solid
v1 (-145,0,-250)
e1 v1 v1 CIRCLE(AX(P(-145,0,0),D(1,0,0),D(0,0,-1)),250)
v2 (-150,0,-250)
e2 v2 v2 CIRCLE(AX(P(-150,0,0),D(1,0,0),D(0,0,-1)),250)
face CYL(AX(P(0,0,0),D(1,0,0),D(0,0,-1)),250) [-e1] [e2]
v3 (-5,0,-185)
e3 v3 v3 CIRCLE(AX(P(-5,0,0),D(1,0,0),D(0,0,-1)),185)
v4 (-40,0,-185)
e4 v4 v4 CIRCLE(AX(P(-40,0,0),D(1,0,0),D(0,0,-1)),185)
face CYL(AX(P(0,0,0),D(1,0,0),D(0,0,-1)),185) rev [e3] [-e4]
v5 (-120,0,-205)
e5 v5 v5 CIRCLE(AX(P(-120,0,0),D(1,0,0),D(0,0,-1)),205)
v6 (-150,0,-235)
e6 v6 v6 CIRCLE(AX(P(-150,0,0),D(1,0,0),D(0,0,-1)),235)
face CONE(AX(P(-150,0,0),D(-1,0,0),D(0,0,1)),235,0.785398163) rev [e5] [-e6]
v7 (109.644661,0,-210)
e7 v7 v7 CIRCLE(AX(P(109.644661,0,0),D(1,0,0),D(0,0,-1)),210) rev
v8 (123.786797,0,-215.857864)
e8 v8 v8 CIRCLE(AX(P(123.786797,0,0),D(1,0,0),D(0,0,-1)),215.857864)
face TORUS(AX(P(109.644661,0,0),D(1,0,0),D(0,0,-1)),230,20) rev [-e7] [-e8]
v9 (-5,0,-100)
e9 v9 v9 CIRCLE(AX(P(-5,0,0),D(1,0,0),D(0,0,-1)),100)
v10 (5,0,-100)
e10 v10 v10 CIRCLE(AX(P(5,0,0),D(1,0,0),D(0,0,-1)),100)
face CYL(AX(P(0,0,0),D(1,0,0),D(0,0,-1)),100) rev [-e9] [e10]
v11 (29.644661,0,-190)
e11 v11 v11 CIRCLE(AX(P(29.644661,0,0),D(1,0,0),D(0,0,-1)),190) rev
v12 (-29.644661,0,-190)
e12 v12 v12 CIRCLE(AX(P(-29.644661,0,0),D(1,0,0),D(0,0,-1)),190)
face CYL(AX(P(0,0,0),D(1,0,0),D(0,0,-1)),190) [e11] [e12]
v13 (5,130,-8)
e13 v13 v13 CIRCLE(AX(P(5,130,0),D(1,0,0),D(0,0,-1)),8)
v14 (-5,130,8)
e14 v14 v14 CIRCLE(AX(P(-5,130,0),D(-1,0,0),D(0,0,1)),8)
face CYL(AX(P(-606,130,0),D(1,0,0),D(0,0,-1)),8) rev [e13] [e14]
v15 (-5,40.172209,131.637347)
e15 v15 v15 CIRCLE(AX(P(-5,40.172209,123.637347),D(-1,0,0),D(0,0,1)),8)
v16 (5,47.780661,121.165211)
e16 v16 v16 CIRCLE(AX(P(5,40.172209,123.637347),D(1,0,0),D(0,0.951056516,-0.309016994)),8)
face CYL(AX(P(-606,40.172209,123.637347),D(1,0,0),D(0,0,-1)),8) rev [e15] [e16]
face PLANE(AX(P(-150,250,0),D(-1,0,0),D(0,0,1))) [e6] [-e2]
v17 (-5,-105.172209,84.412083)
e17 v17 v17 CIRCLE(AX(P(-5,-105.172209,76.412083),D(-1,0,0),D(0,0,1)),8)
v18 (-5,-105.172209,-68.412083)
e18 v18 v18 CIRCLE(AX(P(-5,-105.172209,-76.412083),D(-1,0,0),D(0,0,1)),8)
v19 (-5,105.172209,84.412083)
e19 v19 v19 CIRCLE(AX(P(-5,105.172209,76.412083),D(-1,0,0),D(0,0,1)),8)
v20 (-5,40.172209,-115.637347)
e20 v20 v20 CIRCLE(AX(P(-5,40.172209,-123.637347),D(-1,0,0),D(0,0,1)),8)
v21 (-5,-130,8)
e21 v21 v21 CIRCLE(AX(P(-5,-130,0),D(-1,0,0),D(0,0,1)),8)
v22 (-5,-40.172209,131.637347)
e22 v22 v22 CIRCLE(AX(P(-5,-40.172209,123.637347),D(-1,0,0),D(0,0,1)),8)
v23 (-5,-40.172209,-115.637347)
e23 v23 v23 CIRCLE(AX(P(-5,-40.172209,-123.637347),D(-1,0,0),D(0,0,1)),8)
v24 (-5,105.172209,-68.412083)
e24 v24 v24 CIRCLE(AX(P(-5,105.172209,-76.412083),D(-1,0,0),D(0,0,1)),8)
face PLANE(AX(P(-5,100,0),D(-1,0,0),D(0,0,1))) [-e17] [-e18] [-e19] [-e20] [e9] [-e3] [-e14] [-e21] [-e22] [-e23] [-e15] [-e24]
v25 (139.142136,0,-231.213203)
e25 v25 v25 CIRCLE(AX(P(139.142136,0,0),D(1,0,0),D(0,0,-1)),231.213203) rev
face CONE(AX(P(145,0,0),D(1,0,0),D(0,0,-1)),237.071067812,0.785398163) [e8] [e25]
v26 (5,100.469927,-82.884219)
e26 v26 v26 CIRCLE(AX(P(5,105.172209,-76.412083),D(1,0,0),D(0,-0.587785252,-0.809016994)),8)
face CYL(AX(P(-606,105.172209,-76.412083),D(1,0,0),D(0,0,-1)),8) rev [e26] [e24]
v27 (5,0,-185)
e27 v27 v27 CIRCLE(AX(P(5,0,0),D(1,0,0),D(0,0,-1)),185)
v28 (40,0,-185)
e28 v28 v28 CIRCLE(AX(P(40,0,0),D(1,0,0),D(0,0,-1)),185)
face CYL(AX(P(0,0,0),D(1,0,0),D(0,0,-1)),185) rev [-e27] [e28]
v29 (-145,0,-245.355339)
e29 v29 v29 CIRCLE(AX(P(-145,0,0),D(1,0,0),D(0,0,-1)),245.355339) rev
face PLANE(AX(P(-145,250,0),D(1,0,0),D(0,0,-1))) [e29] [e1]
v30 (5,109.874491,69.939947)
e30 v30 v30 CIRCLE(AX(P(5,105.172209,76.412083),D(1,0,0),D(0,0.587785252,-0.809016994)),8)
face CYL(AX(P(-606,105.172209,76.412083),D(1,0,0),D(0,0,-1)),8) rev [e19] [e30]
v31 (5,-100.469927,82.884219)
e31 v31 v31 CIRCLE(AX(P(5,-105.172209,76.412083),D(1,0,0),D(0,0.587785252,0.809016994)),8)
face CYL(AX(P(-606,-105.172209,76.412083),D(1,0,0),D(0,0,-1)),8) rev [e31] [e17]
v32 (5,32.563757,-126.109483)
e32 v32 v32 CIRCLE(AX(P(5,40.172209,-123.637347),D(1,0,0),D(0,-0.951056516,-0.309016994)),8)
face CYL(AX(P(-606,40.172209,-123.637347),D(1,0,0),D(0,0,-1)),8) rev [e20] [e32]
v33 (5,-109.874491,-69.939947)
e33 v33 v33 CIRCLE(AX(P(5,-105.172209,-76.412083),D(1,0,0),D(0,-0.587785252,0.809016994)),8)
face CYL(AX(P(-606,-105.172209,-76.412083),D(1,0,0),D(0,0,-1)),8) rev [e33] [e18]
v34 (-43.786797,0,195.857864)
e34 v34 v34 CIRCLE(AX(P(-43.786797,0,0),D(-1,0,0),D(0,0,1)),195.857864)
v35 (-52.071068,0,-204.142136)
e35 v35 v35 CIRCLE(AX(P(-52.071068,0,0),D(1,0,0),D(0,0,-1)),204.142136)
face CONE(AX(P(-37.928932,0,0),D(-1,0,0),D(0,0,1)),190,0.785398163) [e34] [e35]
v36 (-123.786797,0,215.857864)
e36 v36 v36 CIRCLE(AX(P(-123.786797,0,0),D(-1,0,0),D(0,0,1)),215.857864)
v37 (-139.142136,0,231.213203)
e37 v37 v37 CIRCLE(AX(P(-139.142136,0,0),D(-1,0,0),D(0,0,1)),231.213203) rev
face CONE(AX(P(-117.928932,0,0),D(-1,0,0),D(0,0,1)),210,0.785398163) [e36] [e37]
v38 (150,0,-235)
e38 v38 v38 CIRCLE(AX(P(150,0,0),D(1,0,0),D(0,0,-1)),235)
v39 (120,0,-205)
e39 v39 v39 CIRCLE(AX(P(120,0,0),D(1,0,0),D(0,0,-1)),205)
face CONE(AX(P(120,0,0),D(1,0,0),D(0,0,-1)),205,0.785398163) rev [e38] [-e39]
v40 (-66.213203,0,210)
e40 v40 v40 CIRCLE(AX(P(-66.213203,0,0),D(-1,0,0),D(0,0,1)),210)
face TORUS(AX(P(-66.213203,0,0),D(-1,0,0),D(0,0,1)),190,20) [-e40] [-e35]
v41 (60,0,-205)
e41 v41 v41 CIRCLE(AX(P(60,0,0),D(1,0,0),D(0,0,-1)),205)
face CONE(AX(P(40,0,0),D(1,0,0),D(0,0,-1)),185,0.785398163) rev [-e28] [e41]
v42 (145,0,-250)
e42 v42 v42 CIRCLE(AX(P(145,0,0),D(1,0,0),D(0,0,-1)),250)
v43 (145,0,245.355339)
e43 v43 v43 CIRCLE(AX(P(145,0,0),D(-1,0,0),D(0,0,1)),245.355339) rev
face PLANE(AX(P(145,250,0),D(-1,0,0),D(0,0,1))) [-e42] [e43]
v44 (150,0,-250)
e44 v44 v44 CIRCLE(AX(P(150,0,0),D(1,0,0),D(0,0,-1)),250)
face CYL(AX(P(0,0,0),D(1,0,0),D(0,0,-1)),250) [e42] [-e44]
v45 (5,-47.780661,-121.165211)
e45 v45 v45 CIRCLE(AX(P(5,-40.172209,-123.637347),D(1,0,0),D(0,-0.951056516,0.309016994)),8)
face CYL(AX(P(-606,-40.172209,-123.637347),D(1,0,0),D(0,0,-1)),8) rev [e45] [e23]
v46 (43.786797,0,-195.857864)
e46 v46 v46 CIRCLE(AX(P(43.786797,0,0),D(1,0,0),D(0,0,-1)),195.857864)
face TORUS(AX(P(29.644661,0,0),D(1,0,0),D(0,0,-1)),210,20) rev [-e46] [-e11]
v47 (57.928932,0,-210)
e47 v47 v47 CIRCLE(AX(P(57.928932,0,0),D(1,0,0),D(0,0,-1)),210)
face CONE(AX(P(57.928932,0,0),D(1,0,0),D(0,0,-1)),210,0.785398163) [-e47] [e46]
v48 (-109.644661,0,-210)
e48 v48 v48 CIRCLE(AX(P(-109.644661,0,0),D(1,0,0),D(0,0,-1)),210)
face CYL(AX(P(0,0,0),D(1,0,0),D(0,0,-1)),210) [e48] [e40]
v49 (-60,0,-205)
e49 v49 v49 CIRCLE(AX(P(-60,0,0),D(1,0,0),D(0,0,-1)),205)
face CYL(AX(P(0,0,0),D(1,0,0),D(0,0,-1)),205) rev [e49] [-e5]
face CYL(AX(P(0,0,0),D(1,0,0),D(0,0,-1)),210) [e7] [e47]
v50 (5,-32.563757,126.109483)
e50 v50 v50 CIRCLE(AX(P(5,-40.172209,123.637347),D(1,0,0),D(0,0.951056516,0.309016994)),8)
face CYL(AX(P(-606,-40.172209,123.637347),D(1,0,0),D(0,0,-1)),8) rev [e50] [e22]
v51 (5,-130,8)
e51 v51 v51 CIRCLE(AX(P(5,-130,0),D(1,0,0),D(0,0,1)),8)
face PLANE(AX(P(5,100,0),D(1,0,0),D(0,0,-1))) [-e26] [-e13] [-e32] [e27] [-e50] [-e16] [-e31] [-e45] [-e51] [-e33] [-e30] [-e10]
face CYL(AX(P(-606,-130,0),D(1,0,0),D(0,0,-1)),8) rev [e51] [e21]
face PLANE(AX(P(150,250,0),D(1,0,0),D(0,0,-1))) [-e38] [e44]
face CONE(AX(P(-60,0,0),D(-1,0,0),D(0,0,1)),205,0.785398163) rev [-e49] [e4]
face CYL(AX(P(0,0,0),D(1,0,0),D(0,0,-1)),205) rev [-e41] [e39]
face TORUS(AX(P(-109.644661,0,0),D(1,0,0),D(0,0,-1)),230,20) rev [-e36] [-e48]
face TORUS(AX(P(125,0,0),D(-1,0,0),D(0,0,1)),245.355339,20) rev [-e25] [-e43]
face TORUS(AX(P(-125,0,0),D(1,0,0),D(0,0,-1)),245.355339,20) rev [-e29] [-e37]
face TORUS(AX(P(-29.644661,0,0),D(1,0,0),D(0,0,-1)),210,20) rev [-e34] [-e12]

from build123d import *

# Parameters (mm, degrees)
FILLET1_R          = 20
SKETCH2_R          = 8
CUT_EXTRUDE1_DEPTH = 611
CIRPATTERN1_COUNT  = 10


with BuildPart() as part:
    # Sketch1 → Revolve1 (revolve)
    with BuildSketch(Plane.XY, mode=Mode.PRIVATE) as revolve1_sk:
        Polygon((-150, 250), (-150, 235), (-120, 205), (-60, 205), (-40, 185), (-5, 185), (-5, 100), (5, 100), (5, 185), (40, 185), (60, 205), (120, 205), (150, 235), (150, 250), (145, 250), (145, 237.071067812), (117.928932188, 210), (57.928932188, 210), (37.928932188, 190), (-37.928932188, 190), (-57.928932188, 210), (-117.928932188, 210), (-145, 237.071067812), (-145, 250), align=None)
    revolve(revolve1_sk.sketch.rotate(Axis((0, 0, 0), (-1, 0, 0)), 90), axis=Axis((0, 0, 0), (-1, 0, 0)))

    # Fillet1
    fillet1_edges = [part.edges().sort_by_distance(p)[0] for p in [
        (145, 0, 237.071067812),
        (117.928932188, 0, 210),
        (37.928932188, 0, 190),
        (-37.928932188, 0, 190),
        (-57.928932188, 0, 210),
        (-117.928932188, 0, 210),
        (-145, 0, 237.071067812),
    ]]
    fillet(fillet1_edges, radius=FILLET1_R)

    # Sketch2 → Cut-Extrude1 (cut)
    with BuildSketch(Plane(origin=(5, 0, 0), x_dir=(0, 0, -1), z_dir=(1, 0, 0))):
        with Locations((0, 130)):
            Circle(SKETCH2_R)
    cut_extrude1 = extrude(amount=-CUT_EXTRUDE1_DEPTH, mode=Mode.SUBTRACT)

    # CirPattern1: Cut-Extrude1 ×10 about axis
    cirpattern1_axis = Axis((0, 0, 0), (1, 0, 0))
    for i in range(1, CIRPATTERN1_COUNT):
        add(cut_extrude1.rotate(cirpattern1_axis, i * 360 / CIRPATTERN1_COUNT), mode=Mode.SUBTRACT)


solid = part.part
